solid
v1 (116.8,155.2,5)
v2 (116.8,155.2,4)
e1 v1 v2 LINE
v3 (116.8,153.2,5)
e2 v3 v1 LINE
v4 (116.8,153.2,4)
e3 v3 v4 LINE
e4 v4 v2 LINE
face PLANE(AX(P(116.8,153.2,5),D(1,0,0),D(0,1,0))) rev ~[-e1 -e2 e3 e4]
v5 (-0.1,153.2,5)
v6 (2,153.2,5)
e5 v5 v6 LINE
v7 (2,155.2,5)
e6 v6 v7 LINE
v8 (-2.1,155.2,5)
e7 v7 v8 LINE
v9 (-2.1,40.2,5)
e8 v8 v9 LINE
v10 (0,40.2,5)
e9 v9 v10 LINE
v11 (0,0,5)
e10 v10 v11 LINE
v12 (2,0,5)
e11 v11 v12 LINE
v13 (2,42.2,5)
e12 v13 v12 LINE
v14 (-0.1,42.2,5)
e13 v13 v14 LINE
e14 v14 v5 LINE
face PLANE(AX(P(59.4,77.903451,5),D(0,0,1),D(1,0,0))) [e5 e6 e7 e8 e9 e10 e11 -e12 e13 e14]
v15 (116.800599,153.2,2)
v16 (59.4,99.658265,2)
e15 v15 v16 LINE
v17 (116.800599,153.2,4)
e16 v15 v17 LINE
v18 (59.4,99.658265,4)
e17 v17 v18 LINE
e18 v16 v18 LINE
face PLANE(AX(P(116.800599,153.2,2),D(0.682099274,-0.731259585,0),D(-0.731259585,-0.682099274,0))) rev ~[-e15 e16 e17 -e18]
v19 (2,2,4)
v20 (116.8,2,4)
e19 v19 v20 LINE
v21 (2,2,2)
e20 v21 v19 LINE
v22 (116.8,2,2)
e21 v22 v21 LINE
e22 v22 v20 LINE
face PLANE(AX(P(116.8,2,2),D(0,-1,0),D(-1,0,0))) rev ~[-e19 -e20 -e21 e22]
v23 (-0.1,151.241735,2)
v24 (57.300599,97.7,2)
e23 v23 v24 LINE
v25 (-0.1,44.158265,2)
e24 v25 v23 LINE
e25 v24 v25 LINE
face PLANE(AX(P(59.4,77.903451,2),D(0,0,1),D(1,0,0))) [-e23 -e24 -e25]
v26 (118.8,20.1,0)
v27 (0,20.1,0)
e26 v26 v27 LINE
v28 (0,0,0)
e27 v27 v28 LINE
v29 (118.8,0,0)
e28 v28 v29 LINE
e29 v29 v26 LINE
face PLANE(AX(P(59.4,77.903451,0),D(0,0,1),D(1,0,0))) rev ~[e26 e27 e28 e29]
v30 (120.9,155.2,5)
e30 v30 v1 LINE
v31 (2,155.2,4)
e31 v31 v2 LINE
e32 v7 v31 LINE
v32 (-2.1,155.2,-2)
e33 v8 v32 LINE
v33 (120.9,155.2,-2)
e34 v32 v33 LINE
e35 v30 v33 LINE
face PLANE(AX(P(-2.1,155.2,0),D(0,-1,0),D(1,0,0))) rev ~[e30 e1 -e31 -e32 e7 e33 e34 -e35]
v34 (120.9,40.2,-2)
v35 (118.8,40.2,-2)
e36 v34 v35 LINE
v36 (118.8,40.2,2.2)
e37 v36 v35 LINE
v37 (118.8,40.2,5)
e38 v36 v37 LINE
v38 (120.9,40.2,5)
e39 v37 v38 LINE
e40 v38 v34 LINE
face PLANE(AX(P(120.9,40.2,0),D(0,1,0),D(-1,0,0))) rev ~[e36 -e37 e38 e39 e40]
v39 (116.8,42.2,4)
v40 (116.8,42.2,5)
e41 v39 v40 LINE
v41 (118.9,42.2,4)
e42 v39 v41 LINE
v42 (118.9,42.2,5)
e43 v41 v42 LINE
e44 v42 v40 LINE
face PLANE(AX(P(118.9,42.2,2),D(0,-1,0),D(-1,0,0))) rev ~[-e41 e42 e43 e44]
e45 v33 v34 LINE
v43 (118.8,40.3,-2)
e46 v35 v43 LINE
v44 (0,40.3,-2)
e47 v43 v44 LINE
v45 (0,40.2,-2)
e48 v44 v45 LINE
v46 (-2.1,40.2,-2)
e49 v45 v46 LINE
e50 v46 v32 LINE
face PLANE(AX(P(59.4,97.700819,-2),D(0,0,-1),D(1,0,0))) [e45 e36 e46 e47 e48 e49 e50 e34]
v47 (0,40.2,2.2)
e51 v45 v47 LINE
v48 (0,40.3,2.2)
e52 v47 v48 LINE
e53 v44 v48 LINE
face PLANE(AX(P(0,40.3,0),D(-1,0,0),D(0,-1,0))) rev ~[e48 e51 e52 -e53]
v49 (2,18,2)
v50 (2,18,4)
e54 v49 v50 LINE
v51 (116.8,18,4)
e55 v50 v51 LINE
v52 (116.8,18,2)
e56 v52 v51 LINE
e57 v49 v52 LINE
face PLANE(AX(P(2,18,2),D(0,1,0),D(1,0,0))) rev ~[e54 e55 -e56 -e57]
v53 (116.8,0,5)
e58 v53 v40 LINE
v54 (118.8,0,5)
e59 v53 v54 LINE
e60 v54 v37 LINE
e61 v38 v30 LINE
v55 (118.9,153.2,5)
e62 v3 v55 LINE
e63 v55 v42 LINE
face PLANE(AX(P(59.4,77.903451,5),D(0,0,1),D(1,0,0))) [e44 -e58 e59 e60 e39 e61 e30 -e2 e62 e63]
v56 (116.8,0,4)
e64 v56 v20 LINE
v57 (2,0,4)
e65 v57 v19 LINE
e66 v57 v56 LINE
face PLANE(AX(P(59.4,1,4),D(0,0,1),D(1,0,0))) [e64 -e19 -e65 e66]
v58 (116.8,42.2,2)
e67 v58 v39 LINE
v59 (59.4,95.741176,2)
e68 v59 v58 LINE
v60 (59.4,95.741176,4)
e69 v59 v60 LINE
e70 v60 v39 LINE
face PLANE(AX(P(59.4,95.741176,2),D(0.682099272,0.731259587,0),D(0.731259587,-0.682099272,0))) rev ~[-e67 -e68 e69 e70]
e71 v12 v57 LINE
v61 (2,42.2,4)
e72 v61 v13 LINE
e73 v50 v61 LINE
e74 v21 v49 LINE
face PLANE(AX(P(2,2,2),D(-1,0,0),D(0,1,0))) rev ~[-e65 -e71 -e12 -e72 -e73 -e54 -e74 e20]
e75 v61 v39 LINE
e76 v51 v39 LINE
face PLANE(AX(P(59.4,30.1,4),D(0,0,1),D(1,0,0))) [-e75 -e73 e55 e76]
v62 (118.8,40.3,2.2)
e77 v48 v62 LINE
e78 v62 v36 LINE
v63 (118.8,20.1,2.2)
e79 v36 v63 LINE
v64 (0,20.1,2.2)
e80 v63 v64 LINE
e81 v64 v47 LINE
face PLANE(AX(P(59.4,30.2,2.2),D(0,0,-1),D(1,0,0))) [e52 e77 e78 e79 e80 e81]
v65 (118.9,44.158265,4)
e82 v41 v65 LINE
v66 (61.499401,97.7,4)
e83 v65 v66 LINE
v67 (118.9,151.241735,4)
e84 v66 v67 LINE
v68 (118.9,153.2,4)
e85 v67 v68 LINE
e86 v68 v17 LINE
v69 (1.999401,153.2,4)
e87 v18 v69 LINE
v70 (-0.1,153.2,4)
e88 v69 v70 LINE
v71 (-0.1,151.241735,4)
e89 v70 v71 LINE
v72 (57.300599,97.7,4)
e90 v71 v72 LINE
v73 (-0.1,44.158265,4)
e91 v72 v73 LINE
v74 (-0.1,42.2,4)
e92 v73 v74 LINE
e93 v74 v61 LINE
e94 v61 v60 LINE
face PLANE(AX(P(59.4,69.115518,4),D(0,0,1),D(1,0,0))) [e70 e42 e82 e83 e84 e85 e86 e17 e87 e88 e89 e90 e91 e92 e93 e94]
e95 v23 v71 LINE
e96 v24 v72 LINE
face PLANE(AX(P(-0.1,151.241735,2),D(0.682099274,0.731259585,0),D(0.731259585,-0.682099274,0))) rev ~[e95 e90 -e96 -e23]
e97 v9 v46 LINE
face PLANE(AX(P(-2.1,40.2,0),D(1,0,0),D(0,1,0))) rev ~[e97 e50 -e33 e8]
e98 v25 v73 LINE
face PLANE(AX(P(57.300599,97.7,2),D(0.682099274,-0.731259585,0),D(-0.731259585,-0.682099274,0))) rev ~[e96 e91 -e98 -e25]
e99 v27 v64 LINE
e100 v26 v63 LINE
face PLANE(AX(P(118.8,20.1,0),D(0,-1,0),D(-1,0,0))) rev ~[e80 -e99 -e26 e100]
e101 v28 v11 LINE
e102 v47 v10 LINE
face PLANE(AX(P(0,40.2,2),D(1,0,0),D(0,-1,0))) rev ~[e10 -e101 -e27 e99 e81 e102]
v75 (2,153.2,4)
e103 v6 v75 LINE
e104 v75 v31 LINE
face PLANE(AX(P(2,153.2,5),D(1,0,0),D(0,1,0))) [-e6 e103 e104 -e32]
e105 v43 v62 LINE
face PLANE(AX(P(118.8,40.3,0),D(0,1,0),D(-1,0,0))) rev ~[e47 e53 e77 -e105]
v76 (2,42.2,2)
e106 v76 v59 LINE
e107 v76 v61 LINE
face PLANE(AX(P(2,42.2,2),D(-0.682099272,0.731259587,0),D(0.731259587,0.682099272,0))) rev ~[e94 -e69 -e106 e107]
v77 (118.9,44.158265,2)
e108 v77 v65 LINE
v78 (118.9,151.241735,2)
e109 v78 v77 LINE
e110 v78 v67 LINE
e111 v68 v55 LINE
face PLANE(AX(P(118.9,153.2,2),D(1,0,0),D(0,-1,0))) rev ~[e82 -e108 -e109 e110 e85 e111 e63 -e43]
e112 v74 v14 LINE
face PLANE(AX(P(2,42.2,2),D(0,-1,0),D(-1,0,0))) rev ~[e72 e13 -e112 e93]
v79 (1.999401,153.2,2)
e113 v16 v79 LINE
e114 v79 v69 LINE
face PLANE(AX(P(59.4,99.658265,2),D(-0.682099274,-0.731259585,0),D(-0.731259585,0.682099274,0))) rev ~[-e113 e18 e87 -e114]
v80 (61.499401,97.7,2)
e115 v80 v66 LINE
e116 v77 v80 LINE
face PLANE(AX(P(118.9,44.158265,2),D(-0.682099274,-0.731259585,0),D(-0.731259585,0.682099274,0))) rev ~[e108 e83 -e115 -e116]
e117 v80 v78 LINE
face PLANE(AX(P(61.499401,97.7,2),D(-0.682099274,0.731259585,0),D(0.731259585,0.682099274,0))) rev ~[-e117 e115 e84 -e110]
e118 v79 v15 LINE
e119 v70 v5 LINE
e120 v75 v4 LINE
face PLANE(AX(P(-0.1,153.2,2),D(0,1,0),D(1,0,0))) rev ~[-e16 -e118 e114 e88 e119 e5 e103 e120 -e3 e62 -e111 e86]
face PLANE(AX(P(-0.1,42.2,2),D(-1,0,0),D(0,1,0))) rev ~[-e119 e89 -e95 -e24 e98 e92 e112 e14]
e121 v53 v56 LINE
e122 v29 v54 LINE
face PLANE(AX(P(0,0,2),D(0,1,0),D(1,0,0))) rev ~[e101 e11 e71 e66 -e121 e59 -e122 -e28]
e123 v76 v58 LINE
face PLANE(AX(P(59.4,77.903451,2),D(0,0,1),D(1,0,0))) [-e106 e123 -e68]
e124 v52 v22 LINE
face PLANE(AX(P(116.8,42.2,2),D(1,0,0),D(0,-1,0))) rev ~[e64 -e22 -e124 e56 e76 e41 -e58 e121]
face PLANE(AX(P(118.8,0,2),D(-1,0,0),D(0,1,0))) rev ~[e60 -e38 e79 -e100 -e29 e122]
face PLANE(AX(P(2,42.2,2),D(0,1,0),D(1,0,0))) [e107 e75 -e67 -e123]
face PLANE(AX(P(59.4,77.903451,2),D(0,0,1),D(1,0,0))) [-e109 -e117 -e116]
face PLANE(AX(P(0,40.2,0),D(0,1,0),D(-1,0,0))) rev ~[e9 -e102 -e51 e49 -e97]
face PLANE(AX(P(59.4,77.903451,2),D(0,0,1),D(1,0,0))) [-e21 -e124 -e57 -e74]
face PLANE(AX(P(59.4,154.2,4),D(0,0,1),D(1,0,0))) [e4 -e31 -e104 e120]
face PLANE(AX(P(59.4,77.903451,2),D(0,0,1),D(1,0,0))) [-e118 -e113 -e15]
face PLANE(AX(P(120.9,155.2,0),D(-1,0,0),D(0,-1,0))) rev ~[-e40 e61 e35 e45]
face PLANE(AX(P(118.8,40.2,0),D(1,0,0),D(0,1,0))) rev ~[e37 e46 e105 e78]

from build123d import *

# Parameters (mm, degrees)
F1_DEPTH  = 2
F3_DEPTH  = 3
F4_W      = 114.8
F4_H      = 24.2
F5_DEPTH  = 2
F7_DEPTH  = 2.2
F8_W      = 114.8
F8_H      = 2
F9_DEPTH  = 1
F10_W     = 114.8
F10_H     = 2
F11_DEPTH = 1
F12_DEPTH = 2


with BuildPart() as f1:
    # F0 (on Top) → F1 (new body)
    with BuildSketch(Plane.XY):
        Polygon((0, 40.2), (0, 0), (118.8, 0), (118.8, 40.2), (120.9, 40.2), (120.9, 155.2), (-2.1, 155.2), (-2.1, 40.2), align=None)
    extrude(amount=F1_DEPTH)

    # F2 (on face) → F3 (join)
    with BuildSketch(Plane.XY.offset(2)):
        Polygon((-2.1, 40.2), (0, 40.2), (0, 0), (118.8, 0), (118.8, 40.2), (120.9, 40.2), (120.9, 155.2), (-2.1, 155.2), align=None)
        Polygon((2, 42.2), (-0.1, 42.2), (-0.1, 153.2), (118.9, 153.2), (118.9, 42.2), (116.8, 42.2), (116.8, 2), (2, 2), align=None, mode=Mode.SUBTRACT)
    extrude(amount=F3_DEPTH)

    # F4 (on face) → F5 (join)
    with BuildSketch(Plane.XY.offset(2)):
        with Locations((59.4, 30.1)):
            Rectangle(F4_W, F4_H)
        Polygon((-0.1, 42.2), (2, 42.2), (59.4, 95.741176), (116.8, 42.2), (118.9, 42.2), (59.4, 97.7), align=None)
        Polygon((59.4, 97.7), (118.9, 42.2), (118.9, 44.158265), (61.499401, 97.7), (118.9, 151.241735), (118.9, 153.2), align=None)
        Polygon((-0.1, 153.2), (59.4, 97.7), (118.9, 153.2), (116.800599, 153.2), (59.4, 99.658265), (1.999401, 153.2), align=None)
        Polygon((-0.1, 44.158265), (-0.1, 42.2), (59.4, 97.7), (-0.1, 153.2), (-0.1, 151.241735), (57.300599, 97.7), align=None)
    extrude(amount=F5_DEPTH)

    # F6 (on face) → F7 (cut)
    with BuildSketch(Plane(origin=(0, 0, 0), x_dir=(1, 0, 0), z_dir=(0, 0, -1))):
        Polygon((0, -40.3), (118.8, -40.3), (118.8, -40.2), (118.8, -20.1), (0, -20.1), (0, -40.2), align=None)
    extrude(amount=-F7_DEPTH, mode=Mode.SUBTRACT)

    # F8 (on face) → F9 (cut)
    with BuildSketch(Plane.XY.offset(5)):
        with Locations((59.4, 1)):
            Rectangle(F8_W, F8_H)
    extrude(amount=-F9_DEPTH, mode=Mode.SUBTRACT)

    # F10 (on face) → F11 (cut)
    with BuildSketch(Plane.XY.offset(5)):
        with Locations((59.4, 154.2)):
            Rectangle(F10_W, F10_H)
    extrude(amount=-F11_DEPTH, mode=Mode.SUBTRACT)

    # F7_face (on face) → F12 (join)
    with BuildSketch(Plane(origin=(59.4, 97.748291, 0), x_dir=(1, 0, 0), z_dir=(0, 0, -1))):
        Polygon((-59.4, 57.548291), (-61.5, 57.548291), (-61.5, -57.451709), (61.5, -57.451709), (61.5, 57.548291), (59.4, 57.548291), (59.4, 57.448291), (-59.4, 57.448291), align=None)
    extrude(amount=F12_DEPTH)


solid = f1.part
